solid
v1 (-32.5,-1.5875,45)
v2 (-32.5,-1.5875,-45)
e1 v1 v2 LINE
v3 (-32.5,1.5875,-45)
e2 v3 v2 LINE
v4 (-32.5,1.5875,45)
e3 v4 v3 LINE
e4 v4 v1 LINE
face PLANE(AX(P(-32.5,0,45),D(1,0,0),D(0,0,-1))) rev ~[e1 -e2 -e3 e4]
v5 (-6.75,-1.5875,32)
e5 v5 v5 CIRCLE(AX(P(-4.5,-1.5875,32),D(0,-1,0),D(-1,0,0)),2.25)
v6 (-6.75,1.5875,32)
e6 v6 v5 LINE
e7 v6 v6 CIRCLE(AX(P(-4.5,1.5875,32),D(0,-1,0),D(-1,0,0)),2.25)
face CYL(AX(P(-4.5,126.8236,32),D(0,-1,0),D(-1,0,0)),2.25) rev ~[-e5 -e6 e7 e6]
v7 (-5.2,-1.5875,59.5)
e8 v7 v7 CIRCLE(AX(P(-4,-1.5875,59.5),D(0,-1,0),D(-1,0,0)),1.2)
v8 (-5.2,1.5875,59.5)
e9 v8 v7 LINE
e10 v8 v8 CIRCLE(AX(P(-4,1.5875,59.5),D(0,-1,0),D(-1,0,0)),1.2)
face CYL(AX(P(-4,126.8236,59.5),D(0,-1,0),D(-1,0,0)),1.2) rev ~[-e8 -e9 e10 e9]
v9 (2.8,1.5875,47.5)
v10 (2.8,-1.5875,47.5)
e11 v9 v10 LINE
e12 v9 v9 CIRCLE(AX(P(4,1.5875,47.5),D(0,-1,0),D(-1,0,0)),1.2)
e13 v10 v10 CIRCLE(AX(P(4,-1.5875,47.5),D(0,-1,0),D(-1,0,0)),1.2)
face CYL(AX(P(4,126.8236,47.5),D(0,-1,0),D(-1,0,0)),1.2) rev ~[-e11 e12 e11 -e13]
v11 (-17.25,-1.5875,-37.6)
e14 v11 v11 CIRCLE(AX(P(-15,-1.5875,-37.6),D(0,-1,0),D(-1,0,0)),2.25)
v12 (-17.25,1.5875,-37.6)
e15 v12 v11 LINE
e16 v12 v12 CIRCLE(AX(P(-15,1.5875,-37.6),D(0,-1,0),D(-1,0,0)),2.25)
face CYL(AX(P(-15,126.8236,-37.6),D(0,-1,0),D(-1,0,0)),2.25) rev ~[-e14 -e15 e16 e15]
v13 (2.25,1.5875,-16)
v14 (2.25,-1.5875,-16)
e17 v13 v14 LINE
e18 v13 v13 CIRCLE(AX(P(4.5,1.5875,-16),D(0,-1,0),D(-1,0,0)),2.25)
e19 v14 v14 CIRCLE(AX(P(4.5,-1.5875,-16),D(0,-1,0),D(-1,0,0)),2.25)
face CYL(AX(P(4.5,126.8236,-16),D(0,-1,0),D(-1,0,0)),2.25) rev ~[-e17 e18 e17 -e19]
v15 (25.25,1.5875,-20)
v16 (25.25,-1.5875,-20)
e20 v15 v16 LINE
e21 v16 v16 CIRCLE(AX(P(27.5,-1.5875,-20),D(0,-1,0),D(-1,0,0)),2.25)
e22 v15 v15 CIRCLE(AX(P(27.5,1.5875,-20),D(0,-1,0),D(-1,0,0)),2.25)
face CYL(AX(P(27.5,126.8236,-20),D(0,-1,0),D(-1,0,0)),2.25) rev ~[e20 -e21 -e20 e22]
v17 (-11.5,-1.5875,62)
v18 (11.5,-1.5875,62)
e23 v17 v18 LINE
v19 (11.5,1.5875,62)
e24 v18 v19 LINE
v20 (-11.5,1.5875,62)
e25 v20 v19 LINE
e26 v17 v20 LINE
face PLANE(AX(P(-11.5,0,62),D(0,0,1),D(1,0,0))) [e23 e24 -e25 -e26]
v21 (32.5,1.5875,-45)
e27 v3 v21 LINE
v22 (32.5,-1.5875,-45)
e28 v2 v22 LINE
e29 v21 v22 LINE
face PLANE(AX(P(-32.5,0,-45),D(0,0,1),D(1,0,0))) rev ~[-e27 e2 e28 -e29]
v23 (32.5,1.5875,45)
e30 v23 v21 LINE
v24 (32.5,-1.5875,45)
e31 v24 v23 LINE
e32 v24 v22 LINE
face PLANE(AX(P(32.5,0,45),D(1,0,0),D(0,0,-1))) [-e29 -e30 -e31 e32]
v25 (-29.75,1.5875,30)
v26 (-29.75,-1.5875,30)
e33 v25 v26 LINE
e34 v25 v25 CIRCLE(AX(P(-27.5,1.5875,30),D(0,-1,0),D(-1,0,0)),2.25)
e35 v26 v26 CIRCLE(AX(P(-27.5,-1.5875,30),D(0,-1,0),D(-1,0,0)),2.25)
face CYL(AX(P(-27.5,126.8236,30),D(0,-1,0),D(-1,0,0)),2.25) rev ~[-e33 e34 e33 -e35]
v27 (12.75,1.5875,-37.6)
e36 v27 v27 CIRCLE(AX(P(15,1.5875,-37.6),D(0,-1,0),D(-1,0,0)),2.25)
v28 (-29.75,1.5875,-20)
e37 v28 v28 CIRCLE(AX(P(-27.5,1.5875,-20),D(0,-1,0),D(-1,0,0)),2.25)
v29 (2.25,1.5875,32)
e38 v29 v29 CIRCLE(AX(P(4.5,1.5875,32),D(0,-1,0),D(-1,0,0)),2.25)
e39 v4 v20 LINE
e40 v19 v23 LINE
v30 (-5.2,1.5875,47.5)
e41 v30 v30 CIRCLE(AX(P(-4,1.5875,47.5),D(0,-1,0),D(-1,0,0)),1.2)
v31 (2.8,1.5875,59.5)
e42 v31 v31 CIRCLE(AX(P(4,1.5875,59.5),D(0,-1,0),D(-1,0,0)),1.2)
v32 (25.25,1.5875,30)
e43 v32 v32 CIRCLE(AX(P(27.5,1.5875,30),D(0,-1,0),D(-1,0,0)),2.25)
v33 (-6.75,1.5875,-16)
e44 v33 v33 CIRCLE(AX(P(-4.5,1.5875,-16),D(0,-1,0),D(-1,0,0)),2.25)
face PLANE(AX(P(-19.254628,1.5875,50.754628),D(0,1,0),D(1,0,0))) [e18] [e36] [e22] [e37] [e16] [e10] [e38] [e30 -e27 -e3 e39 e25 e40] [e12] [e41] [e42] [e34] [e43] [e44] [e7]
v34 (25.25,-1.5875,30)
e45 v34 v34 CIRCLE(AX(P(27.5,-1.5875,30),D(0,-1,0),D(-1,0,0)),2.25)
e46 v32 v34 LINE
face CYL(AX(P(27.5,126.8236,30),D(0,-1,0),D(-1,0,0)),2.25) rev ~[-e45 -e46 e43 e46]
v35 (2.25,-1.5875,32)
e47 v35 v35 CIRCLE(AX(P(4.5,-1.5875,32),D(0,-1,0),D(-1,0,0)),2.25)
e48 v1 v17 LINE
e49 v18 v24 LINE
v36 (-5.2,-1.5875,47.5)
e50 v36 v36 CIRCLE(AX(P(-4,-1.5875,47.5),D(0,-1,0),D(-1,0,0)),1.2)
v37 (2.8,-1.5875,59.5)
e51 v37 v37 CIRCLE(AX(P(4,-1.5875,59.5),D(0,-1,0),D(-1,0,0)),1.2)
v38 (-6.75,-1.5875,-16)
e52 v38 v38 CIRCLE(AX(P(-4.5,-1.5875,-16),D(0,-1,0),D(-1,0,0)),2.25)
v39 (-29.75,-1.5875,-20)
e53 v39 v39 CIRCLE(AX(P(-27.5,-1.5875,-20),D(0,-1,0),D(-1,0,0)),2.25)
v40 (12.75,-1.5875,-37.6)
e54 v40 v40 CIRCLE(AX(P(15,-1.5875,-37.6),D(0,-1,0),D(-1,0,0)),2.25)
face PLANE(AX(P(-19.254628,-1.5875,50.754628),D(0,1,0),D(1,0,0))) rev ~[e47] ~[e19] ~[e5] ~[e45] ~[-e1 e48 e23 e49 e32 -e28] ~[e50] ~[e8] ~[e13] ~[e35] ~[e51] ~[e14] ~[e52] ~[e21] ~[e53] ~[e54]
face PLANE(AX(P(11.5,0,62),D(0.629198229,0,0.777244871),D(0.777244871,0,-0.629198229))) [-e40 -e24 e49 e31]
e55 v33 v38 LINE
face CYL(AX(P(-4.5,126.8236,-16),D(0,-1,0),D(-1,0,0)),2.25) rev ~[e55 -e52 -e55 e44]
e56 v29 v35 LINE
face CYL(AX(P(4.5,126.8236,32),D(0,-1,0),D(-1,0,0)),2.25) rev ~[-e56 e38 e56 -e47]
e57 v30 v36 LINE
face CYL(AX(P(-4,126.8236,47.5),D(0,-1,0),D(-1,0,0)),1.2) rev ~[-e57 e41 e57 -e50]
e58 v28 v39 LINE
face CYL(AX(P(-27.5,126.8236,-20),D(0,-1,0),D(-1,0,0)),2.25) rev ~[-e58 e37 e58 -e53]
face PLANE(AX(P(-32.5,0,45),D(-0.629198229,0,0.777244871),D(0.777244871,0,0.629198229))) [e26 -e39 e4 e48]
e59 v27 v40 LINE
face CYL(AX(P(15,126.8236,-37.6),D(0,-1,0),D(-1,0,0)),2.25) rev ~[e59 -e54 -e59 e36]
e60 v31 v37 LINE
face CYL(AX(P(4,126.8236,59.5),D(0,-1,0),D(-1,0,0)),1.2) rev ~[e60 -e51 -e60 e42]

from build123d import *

# Parameters (mm, degrees)
SKETCH1_W            = 65
SKETCH1_H            = 90
SKETCH1_W_2          = 23
SKETCH1_H_2          = 17
BOSS_EXTRUDE1_DEPTH  = 1.5875
M2_CLEARANCE_HOLE1_D = 2.4
M4_CLEARANCE_HOLE1_D = 4.5
M4_CLEARANCE_HOLE2_D = 4.5
M4_CLEARANCE_HOLE3_D = 4.5


with BuildPart() as part:
    # Sketch1 → Boss-Extrude1 (new body, symmetric)
    with BuildSketch(Plane(origin=(0, 0, 0), x_dir=(1, 0, 0), z_dir=(0, 1, 0))):
        Polygon((-32.5, -45), (-11.5, -62), (-11.5, -45), align=None)
        Polygon((11.5, -45), (11.5, -62), (32.5, -45), align=None)
        Rectangle(SKETCH1_W, SKETCH1_H)
        with Locations((0, -53.5)):
            Rectangle(SKETCH1_W_2, SKETCH1_H_2)
    extrude(amount=BOSS_EXTRUDE1_DEPTH, both=True)

    # M2 Clearance Hole1 (through all)
    with Locations(Plane(origin=(0, 1.5875, 0), x_dir=(1, 0, 0), z_dir=(0, 1, 0))):
        with Locations((-4, -59.5), (4, -59.5), (4, -47.5), (-4, -47.5)):
            Hole(M2_CLEARANCE_HOLE1_D / 2)

    # M4 Clearance Hole1 (through all)
    with Locations(Plane(origin=(0, 1.5875, 0), x_dir=(1, 0, 0), z_dir=(0, 1, 0))):
        with Locations((-27.5, 20), (27.5, 20), (27.5, -30), (-27.5, -30)):
            Hole(M4_CLEARANCE_HOLE1_D / 2)

    # M4 Clearance Hole2 (through all)
    with Locations(Plane(origin=(0, 1.5875, 0), x_dir=(1, 0, 0), z_dir=(0, 1, 0))):
        with Locations((-4.5, -32), (4.5, -32), (4.5, 16), (-4.5, 16)):
            Hole(M4_CLEARANCE_HOLE2_D / 2)

    # M4 Clearance Hole3 (through all)
    with Locations(Plane(origin=(0, 1.5875, 0), x_dir=(1, 0, 0), z_dir=(0, 1, 0))):
        with Locations((15, 37.6), (-15, 37.6)):
            Hole(M4_CLEARANCE_HOLE3_D / 2)


solid = part.part
